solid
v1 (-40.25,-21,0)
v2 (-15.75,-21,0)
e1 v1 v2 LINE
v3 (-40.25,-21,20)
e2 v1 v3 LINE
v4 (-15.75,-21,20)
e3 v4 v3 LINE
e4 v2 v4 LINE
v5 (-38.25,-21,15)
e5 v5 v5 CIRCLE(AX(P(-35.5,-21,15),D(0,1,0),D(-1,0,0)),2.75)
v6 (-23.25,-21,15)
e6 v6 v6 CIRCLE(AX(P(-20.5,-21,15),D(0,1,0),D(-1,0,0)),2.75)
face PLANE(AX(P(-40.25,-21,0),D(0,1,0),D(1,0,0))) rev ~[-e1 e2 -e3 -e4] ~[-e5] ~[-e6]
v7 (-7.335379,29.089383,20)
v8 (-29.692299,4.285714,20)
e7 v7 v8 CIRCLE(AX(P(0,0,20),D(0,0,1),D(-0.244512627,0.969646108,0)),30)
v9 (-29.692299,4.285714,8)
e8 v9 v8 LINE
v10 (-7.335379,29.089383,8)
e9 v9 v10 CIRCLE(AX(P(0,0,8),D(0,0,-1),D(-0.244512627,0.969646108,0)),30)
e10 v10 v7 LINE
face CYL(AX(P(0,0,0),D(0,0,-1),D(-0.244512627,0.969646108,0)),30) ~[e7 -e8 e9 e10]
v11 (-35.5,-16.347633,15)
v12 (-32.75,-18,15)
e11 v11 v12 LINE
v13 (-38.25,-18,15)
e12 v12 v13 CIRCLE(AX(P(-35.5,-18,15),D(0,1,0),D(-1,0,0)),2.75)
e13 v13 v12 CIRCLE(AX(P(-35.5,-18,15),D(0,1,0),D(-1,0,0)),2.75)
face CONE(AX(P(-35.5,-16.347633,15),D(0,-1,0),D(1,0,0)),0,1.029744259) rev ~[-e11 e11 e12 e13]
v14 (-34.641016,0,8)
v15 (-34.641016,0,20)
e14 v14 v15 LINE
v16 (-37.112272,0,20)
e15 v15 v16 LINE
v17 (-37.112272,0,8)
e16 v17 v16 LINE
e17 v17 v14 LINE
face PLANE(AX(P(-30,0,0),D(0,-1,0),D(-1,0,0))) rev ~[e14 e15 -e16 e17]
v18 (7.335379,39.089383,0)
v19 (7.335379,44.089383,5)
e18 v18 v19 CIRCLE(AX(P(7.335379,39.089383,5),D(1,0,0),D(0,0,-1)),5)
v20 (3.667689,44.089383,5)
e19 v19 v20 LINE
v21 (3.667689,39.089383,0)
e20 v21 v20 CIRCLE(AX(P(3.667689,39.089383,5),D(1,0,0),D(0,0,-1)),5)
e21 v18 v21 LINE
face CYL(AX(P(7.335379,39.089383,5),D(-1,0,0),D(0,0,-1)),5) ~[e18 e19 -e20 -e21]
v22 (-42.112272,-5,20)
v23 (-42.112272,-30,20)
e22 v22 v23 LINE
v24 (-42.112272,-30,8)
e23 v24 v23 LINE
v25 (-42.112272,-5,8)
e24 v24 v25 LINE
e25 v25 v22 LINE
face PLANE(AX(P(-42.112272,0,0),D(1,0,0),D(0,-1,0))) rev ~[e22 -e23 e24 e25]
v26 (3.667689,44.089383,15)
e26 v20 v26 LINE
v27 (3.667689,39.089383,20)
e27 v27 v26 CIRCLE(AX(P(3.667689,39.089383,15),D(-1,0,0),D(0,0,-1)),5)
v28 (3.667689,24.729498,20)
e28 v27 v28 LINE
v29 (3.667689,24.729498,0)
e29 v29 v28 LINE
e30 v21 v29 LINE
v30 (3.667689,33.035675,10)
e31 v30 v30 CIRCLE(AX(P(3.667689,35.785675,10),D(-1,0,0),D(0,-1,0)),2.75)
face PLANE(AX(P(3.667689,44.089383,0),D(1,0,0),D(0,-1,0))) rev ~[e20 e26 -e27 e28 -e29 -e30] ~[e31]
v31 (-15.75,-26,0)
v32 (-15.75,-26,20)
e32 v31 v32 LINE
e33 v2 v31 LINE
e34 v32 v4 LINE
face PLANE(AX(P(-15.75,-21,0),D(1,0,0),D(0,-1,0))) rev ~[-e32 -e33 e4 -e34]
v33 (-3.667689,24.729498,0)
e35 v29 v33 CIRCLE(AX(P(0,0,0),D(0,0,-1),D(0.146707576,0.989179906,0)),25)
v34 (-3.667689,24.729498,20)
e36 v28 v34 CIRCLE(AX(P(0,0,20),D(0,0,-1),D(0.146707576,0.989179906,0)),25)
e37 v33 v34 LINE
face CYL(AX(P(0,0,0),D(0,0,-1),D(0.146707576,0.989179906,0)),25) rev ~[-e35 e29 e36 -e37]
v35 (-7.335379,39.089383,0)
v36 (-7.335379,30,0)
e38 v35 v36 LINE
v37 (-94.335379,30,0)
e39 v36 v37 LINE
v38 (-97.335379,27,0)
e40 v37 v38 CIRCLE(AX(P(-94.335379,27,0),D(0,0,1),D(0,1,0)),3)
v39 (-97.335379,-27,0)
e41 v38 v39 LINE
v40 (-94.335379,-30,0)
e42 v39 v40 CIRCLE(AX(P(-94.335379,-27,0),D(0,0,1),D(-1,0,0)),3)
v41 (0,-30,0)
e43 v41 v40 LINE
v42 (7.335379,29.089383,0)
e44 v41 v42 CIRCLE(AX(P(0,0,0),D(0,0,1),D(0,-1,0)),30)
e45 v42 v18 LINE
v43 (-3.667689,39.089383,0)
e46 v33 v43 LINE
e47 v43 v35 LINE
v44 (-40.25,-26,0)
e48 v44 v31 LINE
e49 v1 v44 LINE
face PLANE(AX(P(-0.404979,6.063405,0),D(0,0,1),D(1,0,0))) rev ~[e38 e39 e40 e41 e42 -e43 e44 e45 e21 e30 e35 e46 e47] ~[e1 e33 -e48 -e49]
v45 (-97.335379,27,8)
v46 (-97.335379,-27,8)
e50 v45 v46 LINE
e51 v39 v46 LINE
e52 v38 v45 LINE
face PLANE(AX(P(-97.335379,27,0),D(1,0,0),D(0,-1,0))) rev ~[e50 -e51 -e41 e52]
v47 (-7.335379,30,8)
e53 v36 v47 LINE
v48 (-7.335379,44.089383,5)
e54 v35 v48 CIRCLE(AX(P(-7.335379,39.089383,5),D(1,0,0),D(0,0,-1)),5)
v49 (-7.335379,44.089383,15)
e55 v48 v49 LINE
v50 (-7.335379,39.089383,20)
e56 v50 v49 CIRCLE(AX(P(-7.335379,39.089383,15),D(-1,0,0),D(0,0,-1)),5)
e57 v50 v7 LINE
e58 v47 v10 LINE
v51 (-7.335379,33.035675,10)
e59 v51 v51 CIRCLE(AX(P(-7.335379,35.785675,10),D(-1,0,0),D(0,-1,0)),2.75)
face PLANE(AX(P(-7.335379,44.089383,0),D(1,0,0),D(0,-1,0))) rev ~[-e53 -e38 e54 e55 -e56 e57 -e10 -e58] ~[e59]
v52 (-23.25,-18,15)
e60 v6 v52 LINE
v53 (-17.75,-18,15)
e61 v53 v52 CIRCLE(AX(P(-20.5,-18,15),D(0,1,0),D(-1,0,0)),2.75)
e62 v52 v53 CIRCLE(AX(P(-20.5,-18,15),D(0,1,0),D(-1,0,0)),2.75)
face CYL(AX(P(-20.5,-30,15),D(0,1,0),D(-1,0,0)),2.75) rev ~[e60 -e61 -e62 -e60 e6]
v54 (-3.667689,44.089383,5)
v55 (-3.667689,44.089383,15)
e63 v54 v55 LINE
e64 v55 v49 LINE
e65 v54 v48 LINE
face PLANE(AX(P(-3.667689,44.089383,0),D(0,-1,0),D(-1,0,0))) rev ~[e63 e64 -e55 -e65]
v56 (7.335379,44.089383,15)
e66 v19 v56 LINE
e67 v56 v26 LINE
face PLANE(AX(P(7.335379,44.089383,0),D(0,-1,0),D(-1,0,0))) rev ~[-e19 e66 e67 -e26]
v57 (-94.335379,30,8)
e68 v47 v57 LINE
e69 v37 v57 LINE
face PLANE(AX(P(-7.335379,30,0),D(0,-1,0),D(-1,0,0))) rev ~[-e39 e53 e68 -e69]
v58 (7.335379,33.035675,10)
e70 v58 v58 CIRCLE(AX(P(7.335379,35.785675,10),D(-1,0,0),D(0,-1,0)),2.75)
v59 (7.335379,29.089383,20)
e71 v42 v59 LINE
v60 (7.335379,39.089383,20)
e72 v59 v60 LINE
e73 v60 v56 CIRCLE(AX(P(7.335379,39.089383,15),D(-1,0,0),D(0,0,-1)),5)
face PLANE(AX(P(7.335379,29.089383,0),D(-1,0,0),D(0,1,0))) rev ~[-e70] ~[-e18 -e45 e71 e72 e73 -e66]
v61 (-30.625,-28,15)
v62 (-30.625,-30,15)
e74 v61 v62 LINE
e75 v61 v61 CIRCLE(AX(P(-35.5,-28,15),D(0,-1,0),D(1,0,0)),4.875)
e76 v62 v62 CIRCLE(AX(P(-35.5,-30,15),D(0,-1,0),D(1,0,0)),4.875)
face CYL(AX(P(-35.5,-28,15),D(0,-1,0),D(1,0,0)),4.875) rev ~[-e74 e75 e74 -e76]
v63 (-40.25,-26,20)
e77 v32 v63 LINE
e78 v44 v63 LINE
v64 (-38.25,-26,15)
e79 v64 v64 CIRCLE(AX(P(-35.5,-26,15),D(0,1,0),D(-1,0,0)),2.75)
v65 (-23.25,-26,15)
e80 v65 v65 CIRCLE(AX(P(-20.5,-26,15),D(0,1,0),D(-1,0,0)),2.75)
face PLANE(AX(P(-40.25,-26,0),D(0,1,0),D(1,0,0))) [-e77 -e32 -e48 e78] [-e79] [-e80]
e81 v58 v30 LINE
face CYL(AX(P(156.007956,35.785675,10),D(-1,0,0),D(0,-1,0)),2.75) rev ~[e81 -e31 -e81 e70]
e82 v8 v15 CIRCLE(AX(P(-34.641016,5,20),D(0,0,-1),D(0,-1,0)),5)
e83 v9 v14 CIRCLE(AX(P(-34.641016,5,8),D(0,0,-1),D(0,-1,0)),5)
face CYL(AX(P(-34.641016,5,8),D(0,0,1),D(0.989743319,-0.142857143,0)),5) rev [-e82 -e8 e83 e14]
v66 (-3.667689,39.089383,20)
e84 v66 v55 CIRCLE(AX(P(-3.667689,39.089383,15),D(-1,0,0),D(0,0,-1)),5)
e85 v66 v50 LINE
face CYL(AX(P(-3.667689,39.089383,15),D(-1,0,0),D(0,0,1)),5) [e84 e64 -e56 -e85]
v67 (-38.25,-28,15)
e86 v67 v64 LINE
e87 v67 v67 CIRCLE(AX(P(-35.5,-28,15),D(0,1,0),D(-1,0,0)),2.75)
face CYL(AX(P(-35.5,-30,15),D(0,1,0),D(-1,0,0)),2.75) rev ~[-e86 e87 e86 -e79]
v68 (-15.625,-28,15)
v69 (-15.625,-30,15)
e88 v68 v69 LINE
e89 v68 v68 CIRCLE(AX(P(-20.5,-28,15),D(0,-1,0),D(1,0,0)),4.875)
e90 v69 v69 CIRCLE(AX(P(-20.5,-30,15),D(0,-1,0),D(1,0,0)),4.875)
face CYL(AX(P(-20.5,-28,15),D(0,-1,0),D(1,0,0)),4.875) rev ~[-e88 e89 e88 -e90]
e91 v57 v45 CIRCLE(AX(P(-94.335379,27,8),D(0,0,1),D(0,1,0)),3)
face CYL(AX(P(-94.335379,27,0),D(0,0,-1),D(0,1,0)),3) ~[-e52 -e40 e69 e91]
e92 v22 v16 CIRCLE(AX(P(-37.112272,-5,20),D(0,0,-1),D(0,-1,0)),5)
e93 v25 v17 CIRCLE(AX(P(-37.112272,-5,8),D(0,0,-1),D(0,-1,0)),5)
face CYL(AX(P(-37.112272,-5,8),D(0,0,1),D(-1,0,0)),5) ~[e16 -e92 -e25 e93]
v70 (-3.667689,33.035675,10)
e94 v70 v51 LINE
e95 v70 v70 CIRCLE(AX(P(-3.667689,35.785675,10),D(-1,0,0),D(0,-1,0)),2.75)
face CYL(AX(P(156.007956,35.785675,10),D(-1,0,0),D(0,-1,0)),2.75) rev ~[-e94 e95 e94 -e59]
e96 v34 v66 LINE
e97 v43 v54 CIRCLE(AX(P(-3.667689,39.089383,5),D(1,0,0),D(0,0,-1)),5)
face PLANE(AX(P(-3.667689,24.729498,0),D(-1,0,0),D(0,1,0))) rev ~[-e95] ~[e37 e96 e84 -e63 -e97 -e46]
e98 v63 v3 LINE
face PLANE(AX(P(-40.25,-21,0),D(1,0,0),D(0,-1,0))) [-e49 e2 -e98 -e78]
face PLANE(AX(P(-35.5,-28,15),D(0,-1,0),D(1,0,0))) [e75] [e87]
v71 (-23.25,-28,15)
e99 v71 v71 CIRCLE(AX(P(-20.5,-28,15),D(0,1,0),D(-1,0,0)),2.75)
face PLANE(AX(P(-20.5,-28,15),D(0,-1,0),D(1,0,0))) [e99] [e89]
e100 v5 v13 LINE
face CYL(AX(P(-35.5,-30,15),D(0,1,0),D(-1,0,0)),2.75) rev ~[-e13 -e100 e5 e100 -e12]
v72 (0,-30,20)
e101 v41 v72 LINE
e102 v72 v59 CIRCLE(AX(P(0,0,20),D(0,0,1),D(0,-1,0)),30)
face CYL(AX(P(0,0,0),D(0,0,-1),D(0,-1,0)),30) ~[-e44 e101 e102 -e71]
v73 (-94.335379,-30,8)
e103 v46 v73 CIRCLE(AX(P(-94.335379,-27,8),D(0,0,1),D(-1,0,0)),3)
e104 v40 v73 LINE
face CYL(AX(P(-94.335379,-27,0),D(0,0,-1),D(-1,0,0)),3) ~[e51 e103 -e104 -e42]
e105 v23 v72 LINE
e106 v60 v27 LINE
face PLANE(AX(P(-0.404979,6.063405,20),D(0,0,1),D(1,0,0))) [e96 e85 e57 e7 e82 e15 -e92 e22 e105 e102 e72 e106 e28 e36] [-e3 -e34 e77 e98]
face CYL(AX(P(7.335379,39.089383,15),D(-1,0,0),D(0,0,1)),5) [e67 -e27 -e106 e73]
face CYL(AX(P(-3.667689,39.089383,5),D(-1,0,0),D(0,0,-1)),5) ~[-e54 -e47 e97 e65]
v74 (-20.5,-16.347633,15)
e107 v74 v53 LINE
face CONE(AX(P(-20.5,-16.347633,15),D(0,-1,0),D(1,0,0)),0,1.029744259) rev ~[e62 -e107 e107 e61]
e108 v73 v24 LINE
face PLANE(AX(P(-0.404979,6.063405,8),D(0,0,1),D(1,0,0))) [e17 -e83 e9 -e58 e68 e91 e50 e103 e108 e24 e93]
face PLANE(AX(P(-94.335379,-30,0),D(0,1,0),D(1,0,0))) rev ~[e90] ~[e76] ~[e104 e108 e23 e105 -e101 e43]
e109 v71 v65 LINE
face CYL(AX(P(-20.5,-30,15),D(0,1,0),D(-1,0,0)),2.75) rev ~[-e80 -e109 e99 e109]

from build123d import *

# Parameters (mm, degrees)
F1_DEPTH        = 20
F2_DEPTH        = 8
F3_DEPTH        = 20
F4_R            = 5
F6_D            = 5.5
F7_R            = 5
F8_W            = 24.5
F8_H            = 5
F9_DEPTH        = 25
F11_D           = 5.5
F11_DEPTH       = 12
F11_CBORE_D     = 9.75
F11_CBORE_DEPTH = 2
F11_TIP         = 1.6523667023


with BuildPart() as f1:
    # F0 (on Top) → F1 (new body)
    with BuildSketch(Plane.XY):
        with BuildLine():
            Line((-7.3353787871, 29.9999998754), (-7.3353787871, 29.0893831246))
            ThreePointArc((-7.3353787871, 29.0893831246), (-23.6649673064, 18.4382568295), (-29.9999998754, 0))
            ThreePointArc((-29.9999998754, 0), (-21.2132033475, -21.2132033475), (0, -29.9999998754))
            ThreePointArc((0, -29.9999998754), (29.7714752963, -3.6958424215), (7.3353787871, 29.0893831246))
            Line((7.3353787871, 29.0893831246), (7.3353787871, 44.0893831246))
            Line((7.3353787871, 44.0893831246), (3.6676893936, 44.0893831246))
            Line((3.6676893936, 44.0893831246), (3.6676893936, 24.7294976599))
            ThreePointArc((3.6676893936, 24.7294976599), (0, -25), (-3.6676893936, 24.7294976599))
            Line((-3.6676893936, 24.7294976599), (-3.6676893936, 44.0893831246))
            Line((-3.6676893936, 44.0893831246), (-7.3353787871, 44.0893831246))
            Line((-7.3353787871, 44.0893831246), (-7.3353787871, 29.9999998754))
        make_face()
    extrude(amount=F1_DEPTH)

    # F0 (on Top) → F2 (join)
    with BuildSketch(Plane.XY):
        with BuildLine():
            Line((-7.3353787871, 29.9999998754), (-7.3353787871, 29.0893831246))
            ThreePointArc((-7.3353787871, 29.0893831246), (-23.6649673064, 18.4382568295), (-29.9999998754, 0))
            ThreePointArc((-29.9999998754, 0), (-21.2132033475, -21.2132033475), (0, -29.9999998754))
            ThreePointArc((0, -29.9999998754), (29.7714752963, -3.6958424215), (7.3353787871, 29.0893831246))
            Line((7.3353787871, 29.0893831246), (7.3353787871, 44.0893831246))
            Line((7.3353787871, 44.0893831246), (3.6676893936, 44.0893831246))
            Line((3.6676893936, 44.0893831246), (3.6676893936, 24.7294976599))
            ThreePointArc((3.6676893936, 24.7294976599), (0, -25), (-3.6676893936, 24.7294976599))
            Line((-3.6676893936, 24.7294976599), (-3.6676893936, 44.0893831246))
            Line((-3.6676893936, 44.0893831246), (-7.3353787871, 44.0893831246))
            Line((-7.3353787871, 44.0893831246), (-7.3353787871, 29.9999998754))
        make_face()
        with BuildLine():
            ThreePointArc((-29.9999998754, 0), (-23.6649673064, 18.4382568295), (-7.3353787871, 29.0893831246))
            Line((-7.3353787871, 29.0893831246), (-7.3353787871, 29.9999998754))
            Line((-7.3353787871, 29.9999998754), (-94.3353787871, 29.9999998754))
            ThreePointArc((-94.3353787871, 29.9999998754), (-96.4566991307, 29.1213202189), (-97.3353787871, 26.9999998754))
            Line((-97.3353787871, 26.9999998754), (-97.3353787871, -26.9999998754))
            ThreePointArc((-97.3353787871, -26.9999998754), (-96.4566991307, -29.1213202189), (-94.3353787871, -29.9999998754))
            Line((-94.3353787871, -29.9999998754), (-42.1122722328, -29.9999998754))
            Line((-42.1122722328, -29.9999998754), (-42.1122722328, 0))
            Line((-42.1122722328, 0), (-29.9999998754, 0))
        make_face()
        with BuildLine():
            ThreePointArc((0, -29.9999998754), (-21.2132033475, -21.2132033475), (-29.9999998754, 0))
            Line((-29.9999998754, 0), (-42.1122722328, 0))
            Line((-42.1122722328, 0), (-42.1122722328, -29.9999998754))
            Line((-42.1122722328, -29.9999998754), (0, -29.9999998754))
        make_face()
    extrude(amount=F2_DEPTH)

    # F0 (on Top) → F3 (join)
    with BuildSketch(Plane.XY):
        with BuildLine():
            ThreePointArc((0, -29.9999998754), (-21.2132033475, -21.2132033475), (-29.9999998754, 0))
            Line((-29.9999998754, 0), (-42.1122722328, 0))
            Line((-42.1122722328, 0), (-42.1122722328, -29.9999998754))
            Line((-42.1122722328, -29.9999998754), (0, -29.9999998754))
        make_face()
    extrude(amount=F3_DEPTH)

    # F4
    f4_edges = [f1.edges().sort_by_distance(p)[0] for p in [
        (5.501534, 44.089383, 0),
        (-5.501534, 44.089383, 0),
        (-5.501534, 44.089383, 20),
        (5.501534, 44.089383, 20),
    ]]
    fillet(f4_edges, radius=F4_R)

    # F6 (through all)
    with Locations(Plane.YZ.offset(7.3353787871)):
        with Locations((35.7856750488, 10)):
            Hole(F6_D / 2)

    # F7
    f7_edges = [f1.edges().sort_by_distance(p)[0] for p in [
        (-42.112272, 0, 14),
        (-30, 0, 14),
    ]]
    fillet(f7_edges, radius=F7_R)

    # F8 (on face) → F9 (cut)
    with BuildSketch(Plane(origin=(0, 0, 0), x_dir=(1, 0, 0), z_dir=(0, 0, -1))):
        with Locations((-28, 23.4999998754)):
            Rectangle(F8_W, F8_H)
    extrude(amount=-F9_DEPTH, mode=Mode.SUBTRACT)

    # F11
    with Locations(Plane.XZ.offset(29.9999998754)):
        with Locations((-35.5, 15), (-20.5, 15)):
            CounterBoreHole(F11_D / 2, F11_CBORE_D / 2, F11_CBORE_DEPTH, depth=F11_DEPTH)
            with Locations((0, 0, -(F11_DEPTH + F11_TIP / 2))):  # 118° drill point
                Cone(0, F11_D / 2, F11_TIP, mode=Mode.SUBTRACT)


solid = f1.part
